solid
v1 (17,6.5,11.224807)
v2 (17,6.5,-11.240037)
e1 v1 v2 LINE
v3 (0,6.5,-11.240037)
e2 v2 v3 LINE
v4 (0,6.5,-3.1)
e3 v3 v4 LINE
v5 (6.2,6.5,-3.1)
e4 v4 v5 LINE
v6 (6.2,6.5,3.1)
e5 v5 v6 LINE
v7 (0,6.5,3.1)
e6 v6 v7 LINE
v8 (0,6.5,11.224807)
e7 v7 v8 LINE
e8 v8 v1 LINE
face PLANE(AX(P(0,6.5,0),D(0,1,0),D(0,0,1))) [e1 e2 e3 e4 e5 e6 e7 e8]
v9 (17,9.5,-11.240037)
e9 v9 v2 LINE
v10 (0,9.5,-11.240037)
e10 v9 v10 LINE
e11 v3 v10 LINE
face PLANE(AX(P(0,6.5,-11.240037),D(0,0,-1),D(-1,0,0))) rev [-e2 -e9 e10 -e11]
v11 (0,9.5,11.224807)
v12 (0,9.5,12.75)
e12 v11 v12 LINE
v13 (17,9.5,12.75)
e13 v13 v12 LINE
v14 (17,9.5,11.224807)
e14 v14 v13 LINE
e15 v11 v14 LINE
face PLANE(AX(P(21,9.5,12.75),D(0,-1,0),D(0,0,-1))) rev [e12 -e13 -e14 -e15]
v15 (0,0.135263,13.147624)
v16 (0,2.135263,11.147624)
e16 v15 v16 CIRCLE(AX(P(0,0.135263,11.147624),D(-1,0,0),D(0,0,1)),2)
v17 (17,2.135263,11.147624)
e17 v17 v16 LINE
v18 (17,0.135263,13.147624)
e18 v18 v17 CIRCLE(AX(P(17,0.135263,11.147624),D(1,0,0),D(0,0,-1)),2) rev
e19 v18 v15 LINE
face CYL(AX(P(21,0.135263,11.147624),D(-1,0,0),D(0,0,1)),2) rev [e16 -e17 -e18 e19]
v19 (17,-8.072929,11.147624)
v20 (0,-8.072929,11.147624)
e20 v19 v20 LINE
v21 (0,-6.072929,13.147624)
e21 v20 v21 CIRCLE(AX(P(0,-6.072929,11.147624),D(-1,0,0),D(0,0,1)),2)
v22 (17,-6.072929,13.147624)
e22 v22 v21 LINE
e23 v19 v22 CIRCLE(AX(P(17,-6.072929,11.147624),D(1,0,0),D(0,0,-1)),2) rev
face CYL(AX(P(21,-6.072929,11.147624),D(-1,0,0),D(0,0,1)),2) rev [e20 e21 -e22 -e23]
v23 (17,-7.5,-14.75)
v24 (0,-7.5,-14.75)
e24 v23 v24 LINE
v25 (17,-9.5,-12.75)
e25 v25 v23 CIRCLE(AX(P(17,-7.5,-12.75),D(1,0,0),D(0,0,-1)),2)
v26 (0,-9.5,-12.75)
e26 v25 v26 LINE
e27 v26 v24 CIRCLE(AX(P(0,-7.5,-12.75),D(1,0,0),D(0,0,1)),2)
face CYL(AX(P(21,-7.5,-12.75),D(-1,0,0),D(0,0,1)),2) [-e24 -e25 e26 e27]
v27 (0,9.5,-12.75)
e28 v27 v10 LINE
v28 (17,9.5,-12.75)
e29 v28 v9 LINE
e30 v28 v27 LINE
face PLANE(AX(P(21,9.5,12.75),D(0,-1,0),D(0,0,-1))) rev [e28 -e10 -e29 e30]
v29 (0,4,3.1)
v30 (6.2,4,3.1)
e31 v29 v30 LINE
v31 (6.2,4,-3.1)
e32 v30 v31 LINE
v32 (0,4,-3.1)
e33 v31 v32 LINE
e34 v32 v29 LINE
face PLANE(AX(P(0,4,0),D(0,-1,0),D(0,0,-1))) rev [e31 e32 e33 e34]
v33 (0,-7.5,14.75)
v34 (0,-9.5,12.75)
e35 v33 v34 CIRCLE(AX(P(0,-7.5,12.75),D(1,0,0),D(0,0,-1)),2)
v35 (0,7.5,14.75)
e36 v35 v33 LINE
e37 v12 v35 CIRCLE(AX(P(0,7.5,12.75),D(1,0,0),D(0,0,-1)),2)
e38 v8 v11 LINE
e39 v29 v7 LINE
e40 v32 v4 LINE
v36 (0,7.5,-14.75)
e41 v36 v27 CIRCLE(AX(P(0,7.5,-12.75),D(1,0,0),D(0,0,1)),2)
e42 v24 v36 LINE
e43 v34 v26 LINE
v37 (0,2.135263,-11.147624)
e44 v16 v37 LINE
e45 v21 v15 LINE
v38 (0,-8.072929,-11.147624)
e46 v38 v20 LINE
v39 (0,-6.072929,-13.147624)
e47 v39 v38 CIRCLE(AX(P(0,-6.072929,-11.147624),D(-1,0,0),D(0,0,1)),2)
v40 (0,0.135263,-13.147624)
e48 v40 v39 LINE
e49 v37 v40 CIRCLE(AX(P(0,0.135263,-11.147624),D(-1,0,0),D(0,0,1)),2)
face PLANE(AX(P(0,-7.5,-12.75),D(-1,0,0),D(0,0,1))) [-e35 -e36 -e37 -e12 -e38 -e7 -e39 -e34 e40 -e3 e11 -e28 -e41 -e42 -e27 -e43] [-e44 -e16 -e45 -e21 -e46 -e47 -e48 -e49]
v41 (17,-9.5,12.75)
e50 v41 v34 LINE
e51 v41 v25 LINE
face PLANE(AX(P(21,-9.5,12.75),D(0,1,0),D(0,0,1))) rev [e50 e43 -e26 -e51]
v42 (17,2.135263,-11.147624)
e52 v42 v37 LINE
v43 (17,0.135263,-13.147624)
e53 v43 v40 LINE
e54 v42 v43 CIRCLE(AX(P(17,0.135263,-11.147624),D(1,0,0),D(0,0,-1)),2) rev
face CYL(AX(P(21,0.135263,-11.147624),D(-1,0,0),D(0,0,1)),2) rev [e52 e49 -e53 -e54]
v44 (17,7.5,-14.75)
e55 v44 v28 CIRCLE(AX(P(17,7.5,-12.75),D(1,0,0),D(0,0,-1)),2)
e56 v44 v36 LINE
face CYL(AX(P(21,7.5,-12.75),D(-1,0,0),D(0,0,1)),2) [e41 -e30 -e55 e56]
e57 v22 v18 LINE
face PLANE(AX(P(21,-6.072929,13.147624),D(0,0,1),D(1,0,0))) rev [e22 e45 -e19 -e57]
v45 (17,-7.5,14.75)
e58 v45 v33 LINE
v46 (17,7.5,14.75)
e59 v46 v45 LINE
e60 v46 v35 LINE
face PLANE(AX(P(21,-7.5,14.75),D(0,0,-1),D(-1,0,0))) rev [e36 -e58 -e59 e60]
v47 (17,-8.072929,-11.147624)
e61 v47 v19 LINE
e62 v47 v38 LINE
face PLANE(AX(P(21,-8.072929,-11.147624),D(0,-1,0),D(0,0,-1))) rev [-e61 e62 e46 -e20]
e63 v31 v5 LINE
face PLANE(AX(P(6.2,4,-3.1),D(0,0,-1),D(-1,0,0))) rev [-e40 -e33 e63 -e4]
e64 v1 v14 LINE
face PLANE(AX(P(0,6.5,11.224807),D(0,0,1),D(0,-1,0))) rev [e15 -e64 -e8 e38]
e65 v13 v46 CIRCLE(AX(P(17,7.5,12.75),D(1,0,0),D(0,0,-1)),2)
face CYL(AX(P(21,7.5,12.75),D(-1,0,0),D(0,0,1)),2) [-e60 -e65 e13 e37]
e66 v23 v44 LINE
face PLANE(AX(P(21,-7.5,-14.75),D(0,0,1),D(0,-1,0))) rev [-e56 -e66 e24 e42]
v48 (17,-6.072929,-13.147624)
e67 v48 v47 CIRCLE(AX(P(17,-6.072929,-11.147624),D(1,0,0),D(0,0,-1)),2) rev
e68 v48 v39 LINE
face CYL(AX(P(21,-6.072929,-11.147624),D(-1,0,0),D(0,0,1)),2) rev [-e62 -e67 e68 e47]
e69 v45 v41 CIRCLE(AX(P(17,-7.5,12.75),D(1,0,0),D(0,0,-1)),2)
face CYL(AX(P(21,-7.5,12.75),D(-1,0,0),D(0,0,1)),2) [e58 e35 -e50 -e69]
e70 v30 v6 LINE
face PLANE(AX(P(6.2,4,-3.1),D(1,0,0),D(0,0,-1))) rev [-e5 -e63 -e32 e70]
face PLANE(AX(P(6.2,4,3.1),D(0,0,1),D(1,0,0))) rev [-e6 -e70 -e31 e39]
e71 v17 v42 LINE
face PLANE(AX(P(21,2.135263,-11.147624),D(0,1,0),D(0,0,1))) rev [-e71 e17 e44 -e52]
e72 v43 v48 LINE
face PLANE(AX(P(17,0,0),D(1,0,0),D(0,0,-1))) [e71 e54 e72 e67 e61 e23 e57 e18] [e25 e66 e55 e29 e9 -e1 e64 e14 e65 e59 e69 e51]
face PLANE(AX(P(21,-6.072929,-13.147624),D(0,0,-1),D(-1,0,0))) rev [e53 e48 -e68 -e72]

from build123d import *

# Parameters (mm, degrees)
BOSS_EXTRUDE1_DEPTH     = 21
SKETCH5_W               = 6.2
SKETCH5_H               = 6.2
CUT_EXTRUDE1_DEPTH      = 5.5
CUT_EXTRUDE2_DEPTH      = 28.364438602
CUT_EXTRUDE2_DEPTH_BACK = 28.364438602
SKETCH9_W               = 24.284850455
SKETCH9_H               = 22.464844075
CUT_EXTRUDE3_DEPTH      = 3
SKETCH10_W              = 31.815901763
SKETCH10_H              = 21.67332365
CUT_EXTRUDE4_DEPTH      = 4


with BuildPart() as part:
    # Sketch3 → Boss-Extrude1 (new body)
    with BuildSketch(Plane(origin=(0, 0, 0), x_dir=(0, 0, -1), z_dir=(1, 0, 0))):
        with BuildLine():
            Line((-12.75, -9.5), (12.75, -9.5))
            ThreePointArc((12.75, -9.5), (14.164213562, -8.914213562), (14.75, -7.5))
            Line((14.75, -7.5), (14.75, 7.5))
            ThreePointArc((14.75, 7.5), (14.164213562, 8.914213562), (12.75, 9.5))
            Line((12.75, 9.5), (-12.75, 9.5))
            ThreePointArc((-12.75, 9.5), (-14.164213562, 8.914213562), (-14.75, 7.5))
            Line((-14.75, 7.5), (-14.75, -7.5))
            ThreePointArc((-14.75, -7.5), (-14.164213562, -8.914213562), (-12.75, -9.5))
        make_face()
    extrude(amount=BOSS_EXTRUDE1_DEPTH)

    # Sketch5 → Cut-Extrude1 (cut)
    with BuildSketch(Plane(origin=(0, 9.5, 0), x_dir=(1, 0, 0), z_dir=(0, 1, 0))):
        with Locations((3.1, 0)):
            Rectangle(SKETCH5_W, SKETCH5_H)
    extrude(amount=-CUT_EXTRUDE1_DEPTH, mode=Mode.SUBTRACT)

    # Sketch7 → Cut-Extrude2 (cut, two sides: drawn at the far end of the back side and taken through both)
    with BuildSketch(Plane.ZY.offset(-CUT_EXTRUDE2_DEPTH_BACK)):
        with BuildLine():
            Line((-11.147623693, -8.072928754), (11.147623693, -8.072928754))
            ThreePointArc((11.147623693, -8.072928754), (12.561837255, -7.487142316), (13.147623693, -6.072928754))
            Line((13.147623693, -6.072928754), (13.147623693, 0.135263404))
            ThreePointArc((13.147623693, 0.135263404), (12.561837255, 1.549476966), (11.147623693, 2.135263404))
            Line((11.147623693, 2.135263404), (-11.147623693, 2.135263404))
            ThreePointArc((-11.147623693, 2.135263404), (-12.561837255, 1.549476966), (-13.147623693, 0.135263404))
            Line((-13.147623693, 0.135263404), (-13.147623693, -6.072928754))
            ThreePointArc((-13.147623693, -6.072928754), (-12.561837255, -7.487142316), (-11.147623693, -8.072928754))
        make_face()
    extrude(amount=CUT_EXTRUDE2_DEPTH + CUT_EXTRUDE2_DEPTH_BACK, mode=Mode.SUBTRACT)

    # Sketch9 → Cut-Extrude3 (cut)
    with BuildSketch(Plane(origin=(0, 9.5, 0), x_dir=(1, 0, 0), z_dir=(0, 1, 0))):
        with Locations((12.142425228, 0.007615305)):
            Rectangle(SKETCH9_W, SKETCH9_H)
    extrude(amount=-CUT_EXTRUDE3_DEPTH, mode=Mode.SUBTRACT)

    # Sketch10 → Cut-Extrude4 (cut)
    with BuildSketch(Plane(origin=(21, 0, 0), x_dir=(0, 0, -1), z_dir=(1, 0, 0))):
        with Locations((-0.011194899, 0.447795943)):
            Rectangle(SKETCH10_W, SKETCH10_H)
    extrude(amount=-CUT_EXTRUDE4_DEPTH, mode=Mode.SUBTRACT)


solid = part.part
